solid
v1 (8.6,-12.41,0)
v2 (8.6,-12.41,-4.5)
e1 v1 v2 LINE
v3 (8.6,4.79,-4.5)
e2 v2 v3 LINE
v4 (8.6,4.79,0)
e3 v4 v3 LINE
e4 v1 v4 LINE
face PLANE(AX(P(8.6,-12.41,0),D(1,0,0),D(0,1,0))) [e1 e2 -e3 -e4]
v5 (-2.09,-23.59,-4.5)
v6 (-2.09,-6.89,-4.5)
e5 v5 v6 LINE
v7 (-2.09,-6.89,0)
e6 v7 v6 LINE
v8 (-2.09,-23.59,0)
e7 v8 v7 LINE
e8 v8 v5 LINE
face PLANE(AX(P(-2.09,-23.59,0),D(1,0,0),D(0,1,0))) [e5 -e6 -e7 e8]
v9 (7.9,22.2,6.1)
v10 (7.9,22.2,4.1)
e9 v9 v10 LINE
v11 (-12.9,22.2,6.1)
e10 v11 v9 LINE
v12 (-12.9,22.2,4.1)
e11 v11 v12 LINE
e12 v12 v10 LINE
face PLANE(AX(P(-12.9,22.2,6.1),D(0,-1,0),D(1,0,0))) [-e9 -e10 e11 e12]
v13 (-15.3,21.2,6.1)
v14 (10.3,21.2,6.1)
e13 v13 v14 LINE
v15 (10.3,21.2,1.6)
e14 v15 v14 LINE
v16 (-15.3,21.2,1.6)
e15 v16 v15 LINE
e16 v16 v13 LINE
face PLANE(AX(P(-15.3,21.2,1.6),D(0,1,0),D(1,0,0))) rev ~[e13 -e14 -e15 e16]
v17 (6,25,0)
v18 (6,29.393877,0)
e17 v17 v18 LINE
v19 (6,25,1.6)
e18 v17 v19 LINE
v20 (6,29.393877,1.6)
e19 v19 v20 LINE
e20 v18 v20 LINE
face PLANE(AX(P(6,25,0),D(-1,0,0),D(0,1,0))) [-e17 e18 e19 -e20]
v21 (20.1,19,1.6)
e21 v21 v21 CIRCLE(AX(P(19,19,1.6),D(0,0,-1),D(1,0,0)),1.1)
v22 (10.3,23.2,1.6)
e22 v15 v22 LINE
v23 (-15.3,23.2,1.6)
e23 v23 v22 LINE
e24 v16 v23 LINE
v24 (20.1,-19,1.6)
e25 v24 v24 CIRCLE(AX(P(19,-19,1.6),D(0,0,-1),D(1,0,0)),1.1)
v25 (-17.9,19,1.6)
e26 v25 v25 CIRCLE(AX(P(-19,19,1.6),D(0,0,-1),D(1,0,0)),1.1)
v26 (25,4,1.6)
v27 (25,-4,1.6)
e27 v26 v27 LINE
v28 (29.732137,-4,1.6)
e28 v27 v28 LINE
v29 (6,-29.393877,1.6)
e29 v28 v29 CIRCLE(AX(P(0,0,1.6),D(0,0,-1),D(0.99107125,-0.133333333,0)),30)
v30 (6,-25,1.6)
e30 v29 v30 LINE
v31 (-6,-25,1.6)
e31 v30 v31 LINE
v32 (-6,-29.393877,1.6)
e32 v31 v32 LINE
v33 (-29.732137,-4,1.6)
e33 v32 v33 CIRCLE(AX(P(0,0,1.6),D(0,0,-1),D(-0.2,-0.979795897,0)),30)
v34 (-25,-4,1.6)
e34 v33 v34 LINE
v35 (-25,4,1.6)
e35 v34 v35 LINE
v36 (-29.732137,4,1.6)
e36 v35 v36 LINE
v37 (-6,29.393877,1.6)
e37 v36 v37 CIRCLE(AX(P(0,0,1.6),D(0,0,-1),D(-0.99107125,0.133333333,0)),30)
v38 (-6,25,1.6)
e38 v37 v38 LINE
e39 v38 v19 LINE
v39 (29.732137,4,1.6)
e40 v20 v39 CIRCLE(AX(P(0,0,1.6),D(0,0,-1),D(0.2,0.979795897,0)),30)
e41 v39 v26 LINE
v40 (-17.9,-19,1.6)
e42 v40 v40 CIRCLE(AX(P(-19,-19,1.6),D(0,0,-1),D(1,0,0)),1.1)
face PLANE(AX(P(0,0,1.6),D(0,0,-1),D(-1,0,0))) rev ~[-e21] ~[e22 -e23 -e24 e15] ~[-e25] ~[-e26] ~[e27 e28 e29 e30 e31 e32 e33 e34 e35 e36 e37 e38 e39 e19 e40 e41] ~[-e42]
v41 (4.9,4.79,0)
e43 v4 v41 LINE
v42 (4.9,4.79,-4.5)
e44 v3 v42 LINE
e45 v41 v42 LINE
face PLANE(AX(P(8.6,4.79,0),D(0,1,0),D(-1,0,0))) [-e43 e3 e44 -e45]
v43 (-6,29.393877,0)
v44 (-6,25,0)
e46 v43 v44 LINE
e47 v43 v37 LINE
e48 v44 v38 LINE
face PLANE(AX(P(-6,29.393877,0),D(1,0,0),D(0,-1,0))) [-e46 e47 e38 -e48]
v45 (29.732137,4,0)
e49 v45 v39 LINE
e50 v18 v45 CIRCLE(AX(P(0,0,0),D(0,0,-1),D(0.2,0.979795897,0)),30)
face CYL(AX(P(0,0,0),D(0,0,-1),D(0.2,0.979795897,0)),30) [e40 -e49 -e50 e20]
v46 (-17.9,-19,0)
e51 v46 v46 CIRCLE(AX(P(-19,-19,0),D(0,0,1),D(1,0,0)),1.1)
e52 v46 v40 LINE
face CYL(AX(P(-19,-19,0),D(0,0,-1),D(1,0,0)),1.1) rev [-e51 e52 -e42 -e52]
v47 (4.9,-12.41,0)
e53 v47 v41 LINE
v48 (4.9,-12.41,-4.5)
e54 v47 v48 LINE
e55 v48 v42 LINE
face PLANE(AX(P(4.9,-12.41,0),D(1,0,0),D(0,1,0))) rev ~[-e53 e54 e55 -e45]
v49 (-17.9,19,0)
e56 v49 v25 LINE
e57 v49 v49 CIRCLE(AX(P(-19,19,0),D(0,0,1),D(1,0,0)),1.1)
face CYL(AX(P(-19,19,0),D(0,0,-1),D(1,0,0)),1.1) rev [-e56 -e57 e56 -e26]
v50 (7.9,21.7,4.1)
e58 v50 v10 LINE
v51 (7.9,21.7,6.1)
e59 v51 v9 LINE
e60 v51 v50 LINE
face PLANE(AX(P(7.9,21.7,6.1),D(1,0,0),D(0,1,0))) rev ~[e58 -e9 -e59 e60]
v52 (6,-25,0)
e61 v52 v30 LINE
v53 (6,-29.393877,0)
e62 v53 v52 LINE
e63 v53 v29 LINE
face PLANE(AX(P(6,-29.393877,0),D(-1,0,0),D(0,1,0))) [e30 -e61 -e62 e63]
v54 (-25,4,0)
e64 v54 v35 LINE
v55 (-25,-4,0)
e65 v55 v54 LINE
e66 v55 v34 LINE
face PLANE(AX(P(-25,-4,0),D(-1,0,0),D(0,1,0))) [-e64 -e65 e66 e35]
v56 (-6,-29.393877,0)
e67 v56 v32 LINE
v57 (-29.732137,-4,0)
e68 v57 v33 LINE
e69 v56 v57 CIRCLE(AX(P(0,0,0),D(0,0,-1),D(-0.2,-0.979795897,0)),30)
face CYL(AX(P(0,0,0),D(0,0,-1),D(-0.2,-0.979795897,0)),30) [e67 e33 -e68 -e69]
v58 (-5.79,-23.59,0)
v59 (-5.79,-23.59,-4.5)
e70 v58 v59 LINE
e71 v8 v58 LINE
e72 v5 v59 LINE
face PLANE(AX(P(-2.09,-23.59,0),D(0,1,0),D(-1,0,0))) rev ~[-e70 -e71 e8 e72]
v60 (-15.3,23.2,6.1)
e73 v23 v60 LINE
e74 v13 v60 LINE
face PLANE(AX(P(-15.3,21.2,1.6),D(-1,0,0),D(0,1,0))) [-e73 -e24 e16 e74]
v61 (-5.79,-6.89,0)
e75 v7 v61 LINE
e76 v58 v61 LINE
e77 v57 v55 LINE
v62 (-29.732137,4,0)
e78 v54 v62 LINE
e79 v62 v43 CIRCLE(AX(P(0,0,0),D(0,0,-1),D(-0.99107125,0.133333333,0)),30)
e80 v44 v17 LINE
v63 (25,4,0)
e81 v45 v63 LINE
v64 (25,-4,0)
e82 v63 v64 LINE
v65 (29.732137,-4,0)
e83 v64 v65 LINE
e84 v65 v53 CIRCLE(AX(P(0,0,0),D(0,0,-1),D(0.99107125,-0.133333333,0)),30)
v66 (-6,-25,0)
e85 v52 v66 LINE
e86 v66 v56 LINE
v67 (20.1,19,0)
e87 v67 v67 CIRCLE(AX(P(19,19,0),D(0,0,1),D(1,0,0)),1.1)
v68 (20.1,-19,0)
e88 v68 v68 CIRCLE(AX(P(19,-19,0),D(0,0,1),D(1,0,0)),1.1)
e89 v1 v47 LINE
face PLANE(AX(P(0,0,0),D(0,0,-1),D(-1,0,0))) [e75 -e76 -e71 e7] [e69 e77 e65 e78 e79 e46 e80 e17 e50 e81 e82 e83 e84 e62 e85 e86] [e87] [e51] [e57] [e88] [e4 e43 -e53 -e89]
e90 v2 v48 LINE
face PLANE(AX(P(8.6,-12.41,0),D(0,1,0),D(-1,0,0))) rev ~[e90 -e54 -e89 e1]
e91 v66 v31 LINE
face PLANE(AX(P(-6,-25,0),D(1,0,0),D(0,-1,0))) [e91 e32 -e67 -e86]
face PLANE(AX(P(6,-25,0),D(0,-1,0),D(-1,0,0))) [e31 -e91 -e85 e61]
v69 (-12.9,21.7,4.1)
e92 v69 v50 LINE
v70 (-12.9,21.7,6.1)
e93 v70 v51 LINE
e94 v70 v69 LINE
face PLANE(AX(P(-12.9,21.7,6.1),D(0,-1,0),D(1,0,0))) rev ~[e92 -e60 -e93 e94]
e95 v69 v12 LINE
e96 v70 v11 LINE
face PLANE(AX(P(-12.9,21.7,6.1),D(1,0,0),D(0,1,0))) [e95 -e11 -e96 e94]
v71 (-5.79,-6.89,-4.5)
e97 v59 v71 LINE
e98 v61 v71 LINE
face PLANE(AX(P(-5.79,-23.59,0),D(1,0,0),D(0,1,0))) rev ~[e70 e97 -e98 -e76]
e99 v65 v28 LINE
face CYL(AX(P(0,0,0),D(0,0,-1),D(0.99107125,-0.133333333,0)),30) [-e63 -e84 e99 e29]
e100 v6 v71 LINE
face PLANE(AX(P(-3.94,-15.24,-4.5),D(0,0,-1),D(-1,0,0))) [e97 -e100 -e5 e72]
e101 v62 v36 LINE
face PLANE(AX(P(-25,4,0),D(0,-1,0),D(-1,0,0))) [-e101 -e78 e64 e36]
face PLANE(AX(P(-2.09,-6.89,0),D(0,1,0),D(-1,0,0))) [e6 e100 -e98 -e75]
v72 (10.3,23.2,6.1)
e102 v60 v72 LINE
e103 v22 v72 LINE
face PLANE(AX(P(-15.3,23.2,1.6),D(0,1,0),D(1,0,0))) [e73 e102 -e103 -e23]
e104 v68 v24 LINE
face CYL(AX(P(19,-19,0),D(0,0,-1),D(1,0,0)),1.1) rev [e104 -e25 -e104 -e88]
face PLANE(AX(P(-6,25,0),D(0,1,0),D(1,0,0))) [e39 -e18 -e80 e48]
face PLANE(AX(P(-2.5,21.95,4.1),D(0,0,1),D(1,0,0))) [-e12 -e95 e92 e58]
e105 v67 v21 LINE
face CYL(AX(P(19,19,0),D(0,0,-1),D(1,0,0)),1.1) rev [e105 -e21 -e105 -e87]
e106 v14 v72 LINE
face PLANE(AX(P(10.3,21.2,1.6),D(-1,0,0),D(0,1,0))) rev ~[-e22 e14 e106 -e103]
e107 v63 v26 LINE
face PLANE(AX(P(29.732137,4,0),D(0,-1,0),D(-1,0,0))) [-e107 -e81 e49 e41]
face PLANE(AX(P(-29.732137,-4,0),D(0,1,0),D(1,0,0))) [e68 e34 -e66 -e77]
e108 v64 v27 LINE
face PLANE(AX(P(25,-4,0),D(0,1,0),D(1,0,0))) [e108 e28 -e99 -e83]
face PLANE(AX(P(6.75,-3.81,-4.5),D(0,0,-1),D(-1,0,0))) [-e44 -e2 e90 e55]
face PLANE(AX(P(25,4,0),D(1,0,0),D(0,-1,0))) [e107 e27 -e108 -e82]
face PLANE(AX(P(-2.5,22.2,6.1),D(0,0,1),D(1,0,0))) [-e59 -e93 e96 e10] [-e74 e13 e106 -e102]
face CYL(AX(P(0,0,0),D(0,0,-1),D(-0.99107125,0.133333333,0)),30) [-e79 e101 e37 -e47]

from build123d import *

# Parameters (mm, degrees)
BOSS_EXTRUDE1_DEPTH = 1.6
SKETCH2_R           = 1.1
CUT_EXTRUDE1_DEPTH  = 42.839694072
SKETCH3_W           = 25.6
SKETCH3_H           = 2
BOSS_EXTRUDE2_DEPTH = 4.5
SKETCH4_W           = 20.8
SKETCH4_H           = 0.5
CUT_EXTRUDE2_DEPTH  = 2
SKETCH5_W           = 3.7
SKETCH5_H           = 17.2
SKETCH5_H_2         = 16.7
BOSS_EXTRUDE3_DEPTH = 4.5


with BuildPart() as part:
    # Sketch1 → Boss-Extrude1 (new body)
    with BuildSketch(Plane.XY):
        with BuildLine():
            Line((-6, 29.393876913), (-6, 25))
            Line((-6, 25), (6, 25))
            Line((6, 25), (6, 29.393876913))
            ThreePointArc((6, 29.393876913), (21.918226631, 20.483928855), (29.732137495, 4))
            Line((29.732137495, 4), (25, 4))
            Line((25, 4), (25, -4))
            Line((25, -4), (29.732137495, -4))
            ThreePointArc((29.732137495, -4), (21.918226631, -20.483928855), (6, -29.393876913))
            Line((6, -29.393876913), (6, -25))
            Line((6, -25), (-6, -25))
            Line((-6, -25), (-6, -29.393876913))
            ThreePointArc((-6, -29.393876913), (-21.918226631, -20.483928855), (-29.732137495, -4))
            Line((-29.732137495, -4), (-25, -4))
            Line((-25, -4), (-25, 4))
            Line((-25, 4), (-29.732137495, 4))
            ThreePointArc((-29.732137495, 4), (-21.918226631, 20.483928855), (-6, 29.393876913))
        make_face()
    extrude(amount=BOSS_EXTRUDE1_DEPTH)

    # Sketch2 → Cut-Extrude1 (cut, through all)
    with BuildSketch(Plane.XY):
        with Locations((-19, 19)):
            Circle(SKETCH2_R)
        with Locations((19, 19)):
            Circle(SKETCH2_R)
        with Locations((19, -19)):
            Circle(SKETCH2_R)
        with Locations((-19, -19)):
            Circle(SKETCH2_R)
    extrude(amount=CUT_EXTRUDE1_DEPTH, mode=Mode.SUBTRACT)

    # Sketch3 → Boss-Extrude2 (add)
    with BuildSketch(Plane.XY.offset(1.6)):
        with Locations((-2.5, 22.2)):
            Rectangle(SKETCH3_W, SKETCH3_H)
    extrude(amount=BOSS_EXTRUDE2_DEPTH)

    # Sketch4 → Cut-Extrude2 (cut)
    with BuildSketch(Plane.XY.offset(6.1)):
        with Locations((-2.5, 21.95)):
            Rectangle(SKETCH4_W, SKETCH4_H)
    extrude(amount=-CUT_EXTRUDE2_DEPTH, mode=Mode.SUBTRACT)

    # Sketch5 → Boss-Extrude3 (add)
    with BuildSketch(Plane(origin=(0, 0, 0), x_dir=(-1, 0, 0), z_dir=(0, 0, -1))):
        with Locations((-6.75, -3.81)):
            Rectangle(SKETCH5_W, SKETCH5_H)
        with Locations((3.94, -15.24)):
            Rectangle(SKETCH5_W, SKETCH5_H_2)
    extrude(amount=BOSS_EXTRUDE3_DEPTH)


solid = part.part
